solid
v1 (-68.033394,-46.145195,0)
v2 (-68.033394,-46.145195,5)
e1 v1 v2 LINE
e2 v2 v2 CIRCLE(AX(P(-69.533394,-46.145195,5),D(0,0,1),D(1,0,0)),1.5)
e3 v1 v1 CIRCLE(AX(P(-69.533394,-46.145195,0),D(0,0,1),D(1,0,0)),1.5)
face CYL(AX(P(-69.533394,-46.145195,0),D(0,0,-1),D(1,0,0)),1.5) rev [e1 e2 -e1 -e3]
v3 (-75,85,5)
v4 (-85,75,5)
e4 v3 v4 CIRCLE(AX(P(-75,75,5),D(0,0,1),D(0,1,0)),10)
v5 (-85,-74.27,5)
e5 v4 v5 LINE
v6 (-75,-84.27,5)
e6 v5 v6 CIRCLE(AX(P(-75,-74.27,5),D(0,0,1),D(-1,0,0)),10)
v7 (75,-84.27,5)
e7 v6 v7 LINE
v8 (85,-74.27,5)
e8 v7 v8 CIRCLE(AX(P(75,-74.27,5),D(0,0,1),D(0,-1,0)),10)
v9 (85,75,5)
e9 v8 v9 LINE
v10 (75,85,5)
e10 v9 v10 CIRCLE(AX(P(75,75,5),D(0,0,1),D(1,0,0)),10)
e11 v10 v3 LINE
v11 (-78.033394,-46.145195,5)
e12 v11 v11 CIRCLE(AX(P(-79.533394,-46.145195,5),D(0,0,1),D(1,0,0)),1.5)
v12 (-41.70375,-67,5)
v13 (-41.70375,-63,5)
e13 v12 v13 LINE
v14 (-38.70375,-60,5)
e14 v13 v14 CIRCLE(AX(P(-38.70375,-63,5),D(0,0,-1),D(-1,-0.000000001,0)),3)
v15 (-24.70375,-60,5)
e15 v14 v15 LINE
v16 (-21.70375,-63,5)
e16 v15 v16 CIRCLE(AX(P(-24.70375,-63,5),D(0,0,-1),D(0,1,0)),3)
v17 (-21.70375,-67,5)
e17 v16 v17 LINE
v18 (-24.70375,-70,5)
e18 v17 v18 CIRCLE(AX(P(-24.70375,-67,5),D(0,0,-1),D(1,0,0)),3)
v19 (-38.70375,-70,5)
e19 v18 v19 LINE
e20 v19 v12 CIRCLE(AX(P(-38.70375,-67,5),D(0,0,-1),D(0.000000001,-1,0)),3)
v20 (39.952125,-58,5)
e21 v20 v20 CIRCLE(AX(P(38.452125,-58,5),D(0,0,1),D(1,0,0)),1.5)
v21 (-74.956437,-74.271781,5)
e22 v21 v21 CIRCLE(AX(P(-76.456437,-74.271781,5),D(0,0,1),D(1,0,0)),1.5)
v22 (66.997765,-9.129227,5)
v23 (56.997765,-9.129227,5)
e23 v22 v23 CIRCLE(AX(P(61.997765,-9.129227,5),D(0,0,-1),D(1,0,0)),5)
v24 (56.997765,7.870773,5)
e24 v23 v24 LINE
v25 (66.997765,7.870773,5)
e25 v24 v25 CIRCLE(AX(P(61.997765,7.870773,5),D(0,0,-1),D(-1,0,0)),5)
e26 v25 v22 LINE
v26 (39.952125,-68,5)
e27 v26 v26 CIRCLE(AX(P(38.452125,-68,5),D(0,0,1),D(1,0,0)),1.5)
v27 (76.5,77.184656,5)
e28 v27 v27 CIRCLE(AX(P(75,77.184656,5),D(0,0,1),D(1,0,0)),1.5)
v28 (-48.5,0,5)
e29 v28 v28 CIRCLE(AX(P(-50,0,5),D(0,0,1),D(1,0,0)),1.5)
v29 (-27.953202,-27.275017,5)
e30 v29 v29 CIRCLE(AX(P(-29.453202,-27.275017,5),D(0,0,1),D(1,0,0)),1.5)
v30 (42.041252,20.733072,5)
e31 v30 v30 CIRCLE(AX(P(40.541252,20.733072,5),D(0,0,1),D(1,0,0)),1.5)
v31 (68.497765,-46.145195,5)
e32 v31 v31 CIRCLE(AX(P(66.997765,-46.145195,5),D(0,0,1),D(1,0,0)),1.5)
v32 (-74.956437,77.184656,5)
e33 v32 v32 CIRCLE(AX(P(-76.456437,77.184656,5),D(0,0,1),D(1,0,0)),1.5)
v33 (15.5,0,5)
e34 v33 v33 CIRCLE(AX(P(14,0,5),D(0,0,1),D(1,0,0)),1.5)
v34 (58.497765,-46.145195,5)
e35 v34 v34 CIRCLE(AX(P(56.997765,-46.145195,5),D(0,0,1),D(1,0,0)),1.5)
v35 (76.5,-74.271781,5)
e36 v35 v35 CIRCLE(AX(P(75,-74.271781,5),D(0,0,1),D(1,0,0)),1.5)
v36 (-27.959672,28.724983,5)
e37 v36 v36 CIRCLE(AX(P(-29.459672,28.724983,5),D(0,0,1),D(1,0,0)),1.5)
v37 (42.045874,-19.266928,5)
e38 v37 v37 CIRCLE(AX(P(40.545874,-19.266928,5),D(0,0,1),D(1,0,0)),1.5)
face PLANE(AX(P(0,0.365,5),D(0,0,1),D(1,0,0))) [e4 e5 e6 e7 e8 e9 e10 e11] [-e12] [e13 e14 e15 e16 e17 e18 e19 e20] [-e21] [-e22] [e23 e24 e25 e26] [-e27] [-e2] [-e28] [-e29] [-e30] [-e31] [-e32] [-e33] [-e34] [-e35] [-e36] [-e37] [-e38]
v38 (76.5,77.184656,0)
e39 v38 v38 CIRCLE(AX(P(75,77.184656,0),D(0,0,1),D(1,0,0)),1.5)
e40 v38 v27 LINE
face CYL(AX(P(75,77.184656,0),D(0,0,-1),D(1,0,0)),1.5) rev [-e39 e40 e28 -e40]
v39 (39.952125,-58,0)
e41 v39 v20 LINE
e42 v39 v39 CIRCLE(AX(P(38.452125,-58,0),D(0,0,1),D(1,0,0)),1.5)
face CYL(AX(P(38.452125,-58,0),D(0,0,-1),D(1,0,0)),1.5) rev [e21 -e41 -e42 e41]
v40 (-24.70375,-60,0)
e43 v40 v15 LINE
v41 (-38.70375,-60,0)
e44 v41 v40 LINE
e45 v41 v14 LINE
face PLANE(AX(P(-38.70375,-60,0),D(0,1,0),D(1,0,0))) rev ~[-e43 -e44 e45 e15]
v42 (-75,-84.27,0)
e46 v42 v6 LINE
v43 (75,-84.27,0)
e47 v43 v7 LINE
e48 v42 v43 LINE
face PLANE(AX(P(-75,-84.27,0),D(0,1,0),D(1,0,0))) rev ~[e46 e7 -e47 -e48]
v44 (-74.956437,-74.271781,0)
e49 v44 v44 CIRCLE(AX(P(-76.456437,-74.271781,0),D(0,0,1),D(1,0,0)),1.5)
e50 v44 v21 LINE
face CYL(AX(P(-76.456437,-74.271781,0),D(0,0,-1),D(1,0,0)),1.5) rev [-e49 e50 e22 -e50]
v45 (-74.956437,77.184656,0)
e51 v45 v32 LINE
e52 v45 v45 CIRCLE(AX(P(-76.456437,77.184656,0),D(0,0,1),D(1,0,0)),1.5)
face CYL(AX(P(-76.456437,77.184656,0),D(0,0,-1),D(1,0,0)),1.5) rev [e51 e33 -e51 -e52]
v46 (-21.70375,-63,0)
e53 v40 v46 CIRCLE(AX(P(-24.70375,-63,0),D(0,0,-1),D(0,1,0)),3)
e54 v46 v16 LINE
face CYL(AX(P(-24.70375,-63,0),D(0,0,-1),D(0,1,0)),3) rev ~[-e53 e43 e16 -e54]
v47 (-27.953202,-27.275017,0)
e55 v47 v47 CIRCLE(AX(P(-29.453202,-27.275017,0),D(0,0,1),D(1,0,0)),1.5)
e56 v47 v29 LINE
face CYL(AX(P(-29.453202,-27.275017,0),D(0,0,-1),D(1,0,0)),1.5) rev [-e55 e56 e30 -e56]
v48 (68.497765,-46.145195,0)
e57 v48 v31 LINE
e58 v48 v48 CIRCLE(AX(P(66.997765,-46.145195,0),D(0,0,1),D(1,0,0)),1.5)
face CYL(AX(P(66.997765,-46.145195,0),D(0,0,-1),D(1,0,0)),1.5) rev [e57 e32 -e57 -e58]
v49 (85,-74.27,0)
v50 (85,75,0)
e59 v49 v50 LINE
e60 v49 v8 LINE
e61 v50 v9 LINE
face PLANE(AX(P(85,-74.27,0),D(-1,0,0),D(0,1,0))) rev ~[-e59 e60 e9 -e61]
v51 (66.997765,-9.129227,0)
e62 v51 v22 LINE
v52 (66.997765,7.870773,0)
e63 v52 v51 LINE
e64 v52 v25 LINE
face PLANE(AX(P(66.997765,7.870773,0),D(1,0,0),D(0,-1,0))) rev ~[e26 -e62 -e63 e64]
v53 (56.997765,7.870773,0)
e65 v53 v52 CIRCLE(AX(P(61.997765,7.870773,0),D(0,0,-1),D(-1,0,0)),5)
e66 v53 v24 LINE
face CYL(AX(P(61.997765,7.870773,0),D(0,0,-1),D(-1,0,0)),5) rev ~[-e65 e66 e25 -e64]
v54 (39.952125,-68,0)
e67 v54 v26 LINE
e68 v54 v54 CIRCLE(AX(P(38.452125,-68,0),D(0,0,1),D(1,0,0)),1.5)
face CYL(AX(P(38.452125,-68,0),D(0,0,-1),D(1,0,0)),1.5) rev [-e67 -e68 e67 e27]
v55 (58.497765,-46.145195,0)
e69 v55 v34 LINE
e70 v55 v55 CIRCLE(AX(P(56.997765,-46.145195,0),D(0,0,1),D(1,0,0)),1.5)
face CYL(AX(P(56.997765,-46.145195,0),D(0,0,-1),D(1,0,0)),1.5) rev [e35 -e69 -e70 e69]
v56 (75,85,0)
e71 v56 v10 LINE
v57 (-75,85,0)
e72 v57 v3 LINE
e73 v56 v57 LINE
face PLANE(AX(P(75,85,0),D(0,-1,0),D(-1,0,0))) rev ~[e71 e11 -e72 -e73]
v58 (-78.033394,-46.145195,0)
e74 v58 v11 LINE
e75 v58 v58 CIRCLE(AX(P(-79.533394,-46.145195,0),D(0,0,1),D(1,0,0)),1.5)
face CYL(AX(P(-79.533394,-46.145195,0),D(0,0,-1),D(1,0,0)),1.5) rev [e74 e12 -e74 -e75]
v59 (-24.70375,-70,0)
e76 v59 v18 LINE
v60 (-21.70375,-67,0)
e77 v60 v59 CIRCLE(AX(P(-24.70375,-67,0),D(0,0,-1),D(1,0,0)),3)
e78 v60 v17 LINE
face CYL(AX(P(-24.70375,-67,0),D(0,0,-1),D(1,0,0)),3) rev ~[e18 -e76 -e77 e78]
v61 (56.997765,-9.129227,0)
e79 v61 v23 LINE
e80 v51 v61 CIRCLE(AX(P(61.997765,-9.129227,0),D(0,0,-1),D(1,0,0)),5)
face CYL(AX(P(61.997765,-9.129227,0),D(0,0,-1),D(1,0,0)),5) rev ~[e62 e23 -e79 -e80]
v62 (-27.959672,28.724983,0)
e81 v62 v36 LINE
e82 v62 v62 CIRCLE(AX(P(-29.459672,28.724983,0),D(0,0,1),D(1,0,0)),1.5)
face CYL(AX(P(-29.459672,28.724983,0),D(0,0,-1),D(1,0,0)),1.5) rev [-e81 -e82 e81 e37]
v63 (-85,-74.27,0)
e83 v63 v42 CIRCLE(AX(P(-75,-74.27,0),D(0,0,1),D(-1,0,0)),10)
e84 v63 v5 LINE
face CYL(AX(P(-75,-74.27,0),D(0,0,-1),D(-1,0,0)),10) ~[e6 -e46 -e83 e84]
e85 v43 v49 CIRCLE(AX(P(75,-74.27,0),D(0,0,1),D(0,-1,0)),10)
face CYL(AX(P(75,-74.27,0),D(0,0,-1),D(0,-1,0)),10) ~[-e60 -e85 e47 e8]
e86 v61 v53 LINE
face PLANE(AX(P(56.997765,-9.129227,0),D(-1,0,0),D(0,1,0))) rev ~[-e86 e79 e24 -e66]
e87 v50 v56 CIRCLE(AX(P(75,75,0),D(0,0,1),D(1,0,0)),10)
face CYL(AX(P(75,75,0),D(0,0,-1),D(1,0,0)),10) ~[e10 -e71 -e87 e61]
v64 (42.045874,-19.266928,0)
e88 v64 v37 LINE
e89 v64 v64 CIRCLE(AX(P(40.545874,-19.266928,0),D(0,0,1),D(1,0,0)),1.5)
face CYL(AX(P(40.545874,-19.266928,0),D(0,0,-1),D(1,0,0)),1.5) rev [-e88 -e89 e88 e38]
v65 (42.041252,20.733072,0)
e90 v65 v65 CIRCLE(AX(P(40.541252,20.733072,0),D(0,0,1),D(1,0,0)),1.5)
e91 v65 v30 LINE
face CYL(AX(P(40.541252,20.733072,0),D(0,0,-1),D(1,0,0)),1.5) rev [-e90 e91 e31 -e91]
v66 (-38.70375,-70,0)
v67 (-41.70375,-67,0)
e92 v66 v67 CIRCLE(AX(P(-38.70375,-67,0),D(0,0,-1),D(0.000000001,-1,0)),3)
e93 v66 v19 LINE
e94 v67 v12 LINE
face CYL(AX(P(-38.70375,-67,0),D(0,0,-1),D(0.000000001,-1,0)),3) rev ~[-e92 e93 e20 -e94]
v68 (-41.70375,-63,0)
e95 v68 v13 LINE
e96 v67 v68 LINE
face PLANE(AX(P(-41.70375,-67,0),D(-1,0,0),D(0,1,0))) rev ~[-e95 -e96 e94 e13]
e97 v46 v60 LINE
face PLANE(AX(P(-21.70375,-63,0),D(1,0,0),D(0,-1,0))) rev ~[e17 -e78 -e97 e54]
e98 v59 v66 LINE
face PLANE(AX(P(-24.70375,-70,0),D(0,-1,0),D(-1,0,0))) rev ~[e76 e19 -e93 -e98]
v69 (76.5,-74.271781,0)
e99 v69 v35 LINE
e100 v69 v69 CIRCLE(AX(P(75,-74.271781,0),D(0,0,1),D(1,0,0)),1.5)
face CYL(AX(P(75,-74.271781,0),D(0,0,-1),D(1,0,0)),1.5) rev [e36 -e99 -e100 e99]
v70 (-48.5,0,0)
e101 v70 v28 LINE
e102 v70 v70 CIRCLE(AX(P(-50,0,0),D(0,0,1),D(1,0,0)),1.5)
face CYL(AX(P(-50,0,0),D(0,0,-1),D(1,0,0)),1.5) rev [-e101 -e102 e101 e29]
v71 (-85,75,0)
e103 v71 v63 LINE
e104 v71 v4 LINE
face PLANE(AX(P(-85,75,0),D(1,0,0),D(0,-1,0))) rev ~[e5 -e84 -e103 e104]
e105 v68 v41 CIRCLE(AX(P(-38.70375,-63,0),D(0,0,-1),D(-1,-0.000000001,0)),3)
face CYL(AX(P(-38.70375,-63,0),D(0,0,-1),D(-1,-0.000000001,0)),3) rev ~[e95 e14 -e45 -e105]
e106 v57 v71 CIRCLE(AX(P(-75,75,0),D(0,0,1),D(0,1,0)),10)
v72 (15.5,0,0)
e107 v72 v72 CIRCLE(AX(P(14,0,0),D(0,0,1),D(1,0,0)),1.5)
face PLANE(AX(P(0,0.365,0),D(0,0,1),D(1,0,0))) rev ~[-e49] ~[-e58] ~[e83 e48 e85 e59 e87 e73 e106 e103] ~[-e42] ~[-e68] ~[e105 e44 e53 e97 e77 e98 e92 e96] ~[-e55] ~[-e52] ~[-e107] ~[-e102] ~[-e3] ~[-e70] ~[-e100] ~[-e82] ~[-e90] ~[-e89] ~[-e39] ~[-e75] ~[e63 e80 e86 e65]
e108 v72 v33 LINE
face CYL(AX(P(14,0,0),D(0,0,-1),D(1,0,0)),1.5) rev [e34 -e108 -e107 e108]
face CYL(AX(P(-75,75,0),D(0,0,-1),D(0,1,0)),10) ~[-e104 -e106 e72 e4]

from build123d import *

# Parameters (mm, degrees)
SKETCH1_R           = 1.5
BOSS_EXTRUDE1_DEPTH = 5


with BuildPart() as part:
    # Sketch1 → Boss-Extrude1 (new body)
    with BuildSketch(Plane.XY):
        with BuildLine():
            Line((-75, -84.27), (75, -84.27))
            ThreePointArc((75, -84.27), (82.071067812, -81.341067812), (85, -74.27))
            Line((85, -74.27), (85, 75))
            ThreePointArc((85, 75), (82.071067812, 82.071067812), (75, 85))
            Line((75, 85), (-75, 85))
            ThreePointArc((-75, 85), (-82.071067812, 82.071067812), (-85, 75))
            Line((-85, 75), (-85, -74.27))
            ThreePointArc((-85, -74.27), (-82.071067812, -81.341067812), (-75, -84.27))
        make_face()
        with Locations((-50, 0)):
            Circle(SKETCH1_R, mode=Mode.SUBTRACT)
        with Locations((14, 0)):
            Circle(SKETCH1_R, mode=Mode.SUBTRACT)
        with Locations((56.997765234, -46.145194914)):
            Circle(SKETCH1_R, mode=Mode.SUBTRACT)
        with Locations((66.997765234, -46.145194914)):
            Circle(SKETCH1_R, mode=Mode.SUBTRACT)
        with Locations((-79.533394359, -46.145194914)):
            Circle(SKETCH1_R, mode=Mode.SUBTRACT)
        with Locations((-69.533394359, -46.145194914)):
            Circle(SKETCH1_R, mode=Mode.SUBTRACT)
        with Locations((38.452124501, -68)):
            Circle(SKETCH1_R, mode=Mode.SUBTRACT)
        with Locations((38.452124501, -58)):
            Circle(SKETCH1_R, mode=Mode.SUBTRACT)
        with Locations((75, -74.271781408)):
            Circle(SKETCH1_R, mode=Mode.SUBTRACT)
        with Locations((-76.456437184, -74.271781408)):
            Circle(SKETCH1_R, mode=Mode.SUBTRACT)
        with Locations((-76.456437184, 77.184655776)):
            Circle(SKETCH1_R, mode=Mode.SUBTRACT)
        with Locations((75, 77.184655776)):
            Circle(SKETCH1_R, mode=Mode.SUBTRACT)
        with Locations((40.5412515, 20.733071637)):
            Circle(SKETCH1_R, mode=Mode.SUBTRACT)
        with Locations((-29.453201544, -27.275016672)):
            Circle(SKETCH1_R, mode=Mode.SUBTRACT)
        with Locations((40.545873573, -19.266928096)):
            Circle(SKETCH1_R, mode=Mode.SUBTRACT)
        with Locations((-29.459672448, 28.724982955)):
            Circle(SKETCH1_R, mode=Mode.SUBTRACT)
        with BuildLine():
            Line((-38.703750493, -60), (-24.703750493, -60))
            ThreePointArc((-24.703750493, -60), (-22.58243015, -60.878679656), (-21.703750493, -63))
            Line((-21.703750493, -63), (-21.703750493, -67))
            ThreePointArc((-21.703750493, -67), (-22.58243015, -69.121320344), (-24.703750493, -70))
            Line((-24.703750493, -70), (-38.703750493, -70))
            ThreePointArc((-38.703750493, -70), (-40.825070837, -69.121320344), (-41.703750493, -67))
            Line((-41.703750493, -67), (-41.703750493, -63))
            ThreePointArc((-41.703750493, -63), (-40.825070837, -60.878679656), (-38.703750493, -60))
        make_face(mode=Mode.SUBTRACT)
        with BuildLine():
            Line((66.997765234, 7.870773212), (66.997765234, -9.129226788))
            ThreePointArc((66.997765234, -9.129226788), (61.997765234, -14.129226788), (56.997765234, -9.129226788))
            Line((56.997765234, -9.129226788), (56.997765234, 7.870773212))
            ThreePointArc((56.997765234, 7.870773212), (61.997765234, 12.870773212), (66.997765234, 7.870773212))
        make_face(mode=Mode.SUBTRACT)
    extrude(amount=BOSS_EXTRUDE1_DEPTH)


solid = part.part
